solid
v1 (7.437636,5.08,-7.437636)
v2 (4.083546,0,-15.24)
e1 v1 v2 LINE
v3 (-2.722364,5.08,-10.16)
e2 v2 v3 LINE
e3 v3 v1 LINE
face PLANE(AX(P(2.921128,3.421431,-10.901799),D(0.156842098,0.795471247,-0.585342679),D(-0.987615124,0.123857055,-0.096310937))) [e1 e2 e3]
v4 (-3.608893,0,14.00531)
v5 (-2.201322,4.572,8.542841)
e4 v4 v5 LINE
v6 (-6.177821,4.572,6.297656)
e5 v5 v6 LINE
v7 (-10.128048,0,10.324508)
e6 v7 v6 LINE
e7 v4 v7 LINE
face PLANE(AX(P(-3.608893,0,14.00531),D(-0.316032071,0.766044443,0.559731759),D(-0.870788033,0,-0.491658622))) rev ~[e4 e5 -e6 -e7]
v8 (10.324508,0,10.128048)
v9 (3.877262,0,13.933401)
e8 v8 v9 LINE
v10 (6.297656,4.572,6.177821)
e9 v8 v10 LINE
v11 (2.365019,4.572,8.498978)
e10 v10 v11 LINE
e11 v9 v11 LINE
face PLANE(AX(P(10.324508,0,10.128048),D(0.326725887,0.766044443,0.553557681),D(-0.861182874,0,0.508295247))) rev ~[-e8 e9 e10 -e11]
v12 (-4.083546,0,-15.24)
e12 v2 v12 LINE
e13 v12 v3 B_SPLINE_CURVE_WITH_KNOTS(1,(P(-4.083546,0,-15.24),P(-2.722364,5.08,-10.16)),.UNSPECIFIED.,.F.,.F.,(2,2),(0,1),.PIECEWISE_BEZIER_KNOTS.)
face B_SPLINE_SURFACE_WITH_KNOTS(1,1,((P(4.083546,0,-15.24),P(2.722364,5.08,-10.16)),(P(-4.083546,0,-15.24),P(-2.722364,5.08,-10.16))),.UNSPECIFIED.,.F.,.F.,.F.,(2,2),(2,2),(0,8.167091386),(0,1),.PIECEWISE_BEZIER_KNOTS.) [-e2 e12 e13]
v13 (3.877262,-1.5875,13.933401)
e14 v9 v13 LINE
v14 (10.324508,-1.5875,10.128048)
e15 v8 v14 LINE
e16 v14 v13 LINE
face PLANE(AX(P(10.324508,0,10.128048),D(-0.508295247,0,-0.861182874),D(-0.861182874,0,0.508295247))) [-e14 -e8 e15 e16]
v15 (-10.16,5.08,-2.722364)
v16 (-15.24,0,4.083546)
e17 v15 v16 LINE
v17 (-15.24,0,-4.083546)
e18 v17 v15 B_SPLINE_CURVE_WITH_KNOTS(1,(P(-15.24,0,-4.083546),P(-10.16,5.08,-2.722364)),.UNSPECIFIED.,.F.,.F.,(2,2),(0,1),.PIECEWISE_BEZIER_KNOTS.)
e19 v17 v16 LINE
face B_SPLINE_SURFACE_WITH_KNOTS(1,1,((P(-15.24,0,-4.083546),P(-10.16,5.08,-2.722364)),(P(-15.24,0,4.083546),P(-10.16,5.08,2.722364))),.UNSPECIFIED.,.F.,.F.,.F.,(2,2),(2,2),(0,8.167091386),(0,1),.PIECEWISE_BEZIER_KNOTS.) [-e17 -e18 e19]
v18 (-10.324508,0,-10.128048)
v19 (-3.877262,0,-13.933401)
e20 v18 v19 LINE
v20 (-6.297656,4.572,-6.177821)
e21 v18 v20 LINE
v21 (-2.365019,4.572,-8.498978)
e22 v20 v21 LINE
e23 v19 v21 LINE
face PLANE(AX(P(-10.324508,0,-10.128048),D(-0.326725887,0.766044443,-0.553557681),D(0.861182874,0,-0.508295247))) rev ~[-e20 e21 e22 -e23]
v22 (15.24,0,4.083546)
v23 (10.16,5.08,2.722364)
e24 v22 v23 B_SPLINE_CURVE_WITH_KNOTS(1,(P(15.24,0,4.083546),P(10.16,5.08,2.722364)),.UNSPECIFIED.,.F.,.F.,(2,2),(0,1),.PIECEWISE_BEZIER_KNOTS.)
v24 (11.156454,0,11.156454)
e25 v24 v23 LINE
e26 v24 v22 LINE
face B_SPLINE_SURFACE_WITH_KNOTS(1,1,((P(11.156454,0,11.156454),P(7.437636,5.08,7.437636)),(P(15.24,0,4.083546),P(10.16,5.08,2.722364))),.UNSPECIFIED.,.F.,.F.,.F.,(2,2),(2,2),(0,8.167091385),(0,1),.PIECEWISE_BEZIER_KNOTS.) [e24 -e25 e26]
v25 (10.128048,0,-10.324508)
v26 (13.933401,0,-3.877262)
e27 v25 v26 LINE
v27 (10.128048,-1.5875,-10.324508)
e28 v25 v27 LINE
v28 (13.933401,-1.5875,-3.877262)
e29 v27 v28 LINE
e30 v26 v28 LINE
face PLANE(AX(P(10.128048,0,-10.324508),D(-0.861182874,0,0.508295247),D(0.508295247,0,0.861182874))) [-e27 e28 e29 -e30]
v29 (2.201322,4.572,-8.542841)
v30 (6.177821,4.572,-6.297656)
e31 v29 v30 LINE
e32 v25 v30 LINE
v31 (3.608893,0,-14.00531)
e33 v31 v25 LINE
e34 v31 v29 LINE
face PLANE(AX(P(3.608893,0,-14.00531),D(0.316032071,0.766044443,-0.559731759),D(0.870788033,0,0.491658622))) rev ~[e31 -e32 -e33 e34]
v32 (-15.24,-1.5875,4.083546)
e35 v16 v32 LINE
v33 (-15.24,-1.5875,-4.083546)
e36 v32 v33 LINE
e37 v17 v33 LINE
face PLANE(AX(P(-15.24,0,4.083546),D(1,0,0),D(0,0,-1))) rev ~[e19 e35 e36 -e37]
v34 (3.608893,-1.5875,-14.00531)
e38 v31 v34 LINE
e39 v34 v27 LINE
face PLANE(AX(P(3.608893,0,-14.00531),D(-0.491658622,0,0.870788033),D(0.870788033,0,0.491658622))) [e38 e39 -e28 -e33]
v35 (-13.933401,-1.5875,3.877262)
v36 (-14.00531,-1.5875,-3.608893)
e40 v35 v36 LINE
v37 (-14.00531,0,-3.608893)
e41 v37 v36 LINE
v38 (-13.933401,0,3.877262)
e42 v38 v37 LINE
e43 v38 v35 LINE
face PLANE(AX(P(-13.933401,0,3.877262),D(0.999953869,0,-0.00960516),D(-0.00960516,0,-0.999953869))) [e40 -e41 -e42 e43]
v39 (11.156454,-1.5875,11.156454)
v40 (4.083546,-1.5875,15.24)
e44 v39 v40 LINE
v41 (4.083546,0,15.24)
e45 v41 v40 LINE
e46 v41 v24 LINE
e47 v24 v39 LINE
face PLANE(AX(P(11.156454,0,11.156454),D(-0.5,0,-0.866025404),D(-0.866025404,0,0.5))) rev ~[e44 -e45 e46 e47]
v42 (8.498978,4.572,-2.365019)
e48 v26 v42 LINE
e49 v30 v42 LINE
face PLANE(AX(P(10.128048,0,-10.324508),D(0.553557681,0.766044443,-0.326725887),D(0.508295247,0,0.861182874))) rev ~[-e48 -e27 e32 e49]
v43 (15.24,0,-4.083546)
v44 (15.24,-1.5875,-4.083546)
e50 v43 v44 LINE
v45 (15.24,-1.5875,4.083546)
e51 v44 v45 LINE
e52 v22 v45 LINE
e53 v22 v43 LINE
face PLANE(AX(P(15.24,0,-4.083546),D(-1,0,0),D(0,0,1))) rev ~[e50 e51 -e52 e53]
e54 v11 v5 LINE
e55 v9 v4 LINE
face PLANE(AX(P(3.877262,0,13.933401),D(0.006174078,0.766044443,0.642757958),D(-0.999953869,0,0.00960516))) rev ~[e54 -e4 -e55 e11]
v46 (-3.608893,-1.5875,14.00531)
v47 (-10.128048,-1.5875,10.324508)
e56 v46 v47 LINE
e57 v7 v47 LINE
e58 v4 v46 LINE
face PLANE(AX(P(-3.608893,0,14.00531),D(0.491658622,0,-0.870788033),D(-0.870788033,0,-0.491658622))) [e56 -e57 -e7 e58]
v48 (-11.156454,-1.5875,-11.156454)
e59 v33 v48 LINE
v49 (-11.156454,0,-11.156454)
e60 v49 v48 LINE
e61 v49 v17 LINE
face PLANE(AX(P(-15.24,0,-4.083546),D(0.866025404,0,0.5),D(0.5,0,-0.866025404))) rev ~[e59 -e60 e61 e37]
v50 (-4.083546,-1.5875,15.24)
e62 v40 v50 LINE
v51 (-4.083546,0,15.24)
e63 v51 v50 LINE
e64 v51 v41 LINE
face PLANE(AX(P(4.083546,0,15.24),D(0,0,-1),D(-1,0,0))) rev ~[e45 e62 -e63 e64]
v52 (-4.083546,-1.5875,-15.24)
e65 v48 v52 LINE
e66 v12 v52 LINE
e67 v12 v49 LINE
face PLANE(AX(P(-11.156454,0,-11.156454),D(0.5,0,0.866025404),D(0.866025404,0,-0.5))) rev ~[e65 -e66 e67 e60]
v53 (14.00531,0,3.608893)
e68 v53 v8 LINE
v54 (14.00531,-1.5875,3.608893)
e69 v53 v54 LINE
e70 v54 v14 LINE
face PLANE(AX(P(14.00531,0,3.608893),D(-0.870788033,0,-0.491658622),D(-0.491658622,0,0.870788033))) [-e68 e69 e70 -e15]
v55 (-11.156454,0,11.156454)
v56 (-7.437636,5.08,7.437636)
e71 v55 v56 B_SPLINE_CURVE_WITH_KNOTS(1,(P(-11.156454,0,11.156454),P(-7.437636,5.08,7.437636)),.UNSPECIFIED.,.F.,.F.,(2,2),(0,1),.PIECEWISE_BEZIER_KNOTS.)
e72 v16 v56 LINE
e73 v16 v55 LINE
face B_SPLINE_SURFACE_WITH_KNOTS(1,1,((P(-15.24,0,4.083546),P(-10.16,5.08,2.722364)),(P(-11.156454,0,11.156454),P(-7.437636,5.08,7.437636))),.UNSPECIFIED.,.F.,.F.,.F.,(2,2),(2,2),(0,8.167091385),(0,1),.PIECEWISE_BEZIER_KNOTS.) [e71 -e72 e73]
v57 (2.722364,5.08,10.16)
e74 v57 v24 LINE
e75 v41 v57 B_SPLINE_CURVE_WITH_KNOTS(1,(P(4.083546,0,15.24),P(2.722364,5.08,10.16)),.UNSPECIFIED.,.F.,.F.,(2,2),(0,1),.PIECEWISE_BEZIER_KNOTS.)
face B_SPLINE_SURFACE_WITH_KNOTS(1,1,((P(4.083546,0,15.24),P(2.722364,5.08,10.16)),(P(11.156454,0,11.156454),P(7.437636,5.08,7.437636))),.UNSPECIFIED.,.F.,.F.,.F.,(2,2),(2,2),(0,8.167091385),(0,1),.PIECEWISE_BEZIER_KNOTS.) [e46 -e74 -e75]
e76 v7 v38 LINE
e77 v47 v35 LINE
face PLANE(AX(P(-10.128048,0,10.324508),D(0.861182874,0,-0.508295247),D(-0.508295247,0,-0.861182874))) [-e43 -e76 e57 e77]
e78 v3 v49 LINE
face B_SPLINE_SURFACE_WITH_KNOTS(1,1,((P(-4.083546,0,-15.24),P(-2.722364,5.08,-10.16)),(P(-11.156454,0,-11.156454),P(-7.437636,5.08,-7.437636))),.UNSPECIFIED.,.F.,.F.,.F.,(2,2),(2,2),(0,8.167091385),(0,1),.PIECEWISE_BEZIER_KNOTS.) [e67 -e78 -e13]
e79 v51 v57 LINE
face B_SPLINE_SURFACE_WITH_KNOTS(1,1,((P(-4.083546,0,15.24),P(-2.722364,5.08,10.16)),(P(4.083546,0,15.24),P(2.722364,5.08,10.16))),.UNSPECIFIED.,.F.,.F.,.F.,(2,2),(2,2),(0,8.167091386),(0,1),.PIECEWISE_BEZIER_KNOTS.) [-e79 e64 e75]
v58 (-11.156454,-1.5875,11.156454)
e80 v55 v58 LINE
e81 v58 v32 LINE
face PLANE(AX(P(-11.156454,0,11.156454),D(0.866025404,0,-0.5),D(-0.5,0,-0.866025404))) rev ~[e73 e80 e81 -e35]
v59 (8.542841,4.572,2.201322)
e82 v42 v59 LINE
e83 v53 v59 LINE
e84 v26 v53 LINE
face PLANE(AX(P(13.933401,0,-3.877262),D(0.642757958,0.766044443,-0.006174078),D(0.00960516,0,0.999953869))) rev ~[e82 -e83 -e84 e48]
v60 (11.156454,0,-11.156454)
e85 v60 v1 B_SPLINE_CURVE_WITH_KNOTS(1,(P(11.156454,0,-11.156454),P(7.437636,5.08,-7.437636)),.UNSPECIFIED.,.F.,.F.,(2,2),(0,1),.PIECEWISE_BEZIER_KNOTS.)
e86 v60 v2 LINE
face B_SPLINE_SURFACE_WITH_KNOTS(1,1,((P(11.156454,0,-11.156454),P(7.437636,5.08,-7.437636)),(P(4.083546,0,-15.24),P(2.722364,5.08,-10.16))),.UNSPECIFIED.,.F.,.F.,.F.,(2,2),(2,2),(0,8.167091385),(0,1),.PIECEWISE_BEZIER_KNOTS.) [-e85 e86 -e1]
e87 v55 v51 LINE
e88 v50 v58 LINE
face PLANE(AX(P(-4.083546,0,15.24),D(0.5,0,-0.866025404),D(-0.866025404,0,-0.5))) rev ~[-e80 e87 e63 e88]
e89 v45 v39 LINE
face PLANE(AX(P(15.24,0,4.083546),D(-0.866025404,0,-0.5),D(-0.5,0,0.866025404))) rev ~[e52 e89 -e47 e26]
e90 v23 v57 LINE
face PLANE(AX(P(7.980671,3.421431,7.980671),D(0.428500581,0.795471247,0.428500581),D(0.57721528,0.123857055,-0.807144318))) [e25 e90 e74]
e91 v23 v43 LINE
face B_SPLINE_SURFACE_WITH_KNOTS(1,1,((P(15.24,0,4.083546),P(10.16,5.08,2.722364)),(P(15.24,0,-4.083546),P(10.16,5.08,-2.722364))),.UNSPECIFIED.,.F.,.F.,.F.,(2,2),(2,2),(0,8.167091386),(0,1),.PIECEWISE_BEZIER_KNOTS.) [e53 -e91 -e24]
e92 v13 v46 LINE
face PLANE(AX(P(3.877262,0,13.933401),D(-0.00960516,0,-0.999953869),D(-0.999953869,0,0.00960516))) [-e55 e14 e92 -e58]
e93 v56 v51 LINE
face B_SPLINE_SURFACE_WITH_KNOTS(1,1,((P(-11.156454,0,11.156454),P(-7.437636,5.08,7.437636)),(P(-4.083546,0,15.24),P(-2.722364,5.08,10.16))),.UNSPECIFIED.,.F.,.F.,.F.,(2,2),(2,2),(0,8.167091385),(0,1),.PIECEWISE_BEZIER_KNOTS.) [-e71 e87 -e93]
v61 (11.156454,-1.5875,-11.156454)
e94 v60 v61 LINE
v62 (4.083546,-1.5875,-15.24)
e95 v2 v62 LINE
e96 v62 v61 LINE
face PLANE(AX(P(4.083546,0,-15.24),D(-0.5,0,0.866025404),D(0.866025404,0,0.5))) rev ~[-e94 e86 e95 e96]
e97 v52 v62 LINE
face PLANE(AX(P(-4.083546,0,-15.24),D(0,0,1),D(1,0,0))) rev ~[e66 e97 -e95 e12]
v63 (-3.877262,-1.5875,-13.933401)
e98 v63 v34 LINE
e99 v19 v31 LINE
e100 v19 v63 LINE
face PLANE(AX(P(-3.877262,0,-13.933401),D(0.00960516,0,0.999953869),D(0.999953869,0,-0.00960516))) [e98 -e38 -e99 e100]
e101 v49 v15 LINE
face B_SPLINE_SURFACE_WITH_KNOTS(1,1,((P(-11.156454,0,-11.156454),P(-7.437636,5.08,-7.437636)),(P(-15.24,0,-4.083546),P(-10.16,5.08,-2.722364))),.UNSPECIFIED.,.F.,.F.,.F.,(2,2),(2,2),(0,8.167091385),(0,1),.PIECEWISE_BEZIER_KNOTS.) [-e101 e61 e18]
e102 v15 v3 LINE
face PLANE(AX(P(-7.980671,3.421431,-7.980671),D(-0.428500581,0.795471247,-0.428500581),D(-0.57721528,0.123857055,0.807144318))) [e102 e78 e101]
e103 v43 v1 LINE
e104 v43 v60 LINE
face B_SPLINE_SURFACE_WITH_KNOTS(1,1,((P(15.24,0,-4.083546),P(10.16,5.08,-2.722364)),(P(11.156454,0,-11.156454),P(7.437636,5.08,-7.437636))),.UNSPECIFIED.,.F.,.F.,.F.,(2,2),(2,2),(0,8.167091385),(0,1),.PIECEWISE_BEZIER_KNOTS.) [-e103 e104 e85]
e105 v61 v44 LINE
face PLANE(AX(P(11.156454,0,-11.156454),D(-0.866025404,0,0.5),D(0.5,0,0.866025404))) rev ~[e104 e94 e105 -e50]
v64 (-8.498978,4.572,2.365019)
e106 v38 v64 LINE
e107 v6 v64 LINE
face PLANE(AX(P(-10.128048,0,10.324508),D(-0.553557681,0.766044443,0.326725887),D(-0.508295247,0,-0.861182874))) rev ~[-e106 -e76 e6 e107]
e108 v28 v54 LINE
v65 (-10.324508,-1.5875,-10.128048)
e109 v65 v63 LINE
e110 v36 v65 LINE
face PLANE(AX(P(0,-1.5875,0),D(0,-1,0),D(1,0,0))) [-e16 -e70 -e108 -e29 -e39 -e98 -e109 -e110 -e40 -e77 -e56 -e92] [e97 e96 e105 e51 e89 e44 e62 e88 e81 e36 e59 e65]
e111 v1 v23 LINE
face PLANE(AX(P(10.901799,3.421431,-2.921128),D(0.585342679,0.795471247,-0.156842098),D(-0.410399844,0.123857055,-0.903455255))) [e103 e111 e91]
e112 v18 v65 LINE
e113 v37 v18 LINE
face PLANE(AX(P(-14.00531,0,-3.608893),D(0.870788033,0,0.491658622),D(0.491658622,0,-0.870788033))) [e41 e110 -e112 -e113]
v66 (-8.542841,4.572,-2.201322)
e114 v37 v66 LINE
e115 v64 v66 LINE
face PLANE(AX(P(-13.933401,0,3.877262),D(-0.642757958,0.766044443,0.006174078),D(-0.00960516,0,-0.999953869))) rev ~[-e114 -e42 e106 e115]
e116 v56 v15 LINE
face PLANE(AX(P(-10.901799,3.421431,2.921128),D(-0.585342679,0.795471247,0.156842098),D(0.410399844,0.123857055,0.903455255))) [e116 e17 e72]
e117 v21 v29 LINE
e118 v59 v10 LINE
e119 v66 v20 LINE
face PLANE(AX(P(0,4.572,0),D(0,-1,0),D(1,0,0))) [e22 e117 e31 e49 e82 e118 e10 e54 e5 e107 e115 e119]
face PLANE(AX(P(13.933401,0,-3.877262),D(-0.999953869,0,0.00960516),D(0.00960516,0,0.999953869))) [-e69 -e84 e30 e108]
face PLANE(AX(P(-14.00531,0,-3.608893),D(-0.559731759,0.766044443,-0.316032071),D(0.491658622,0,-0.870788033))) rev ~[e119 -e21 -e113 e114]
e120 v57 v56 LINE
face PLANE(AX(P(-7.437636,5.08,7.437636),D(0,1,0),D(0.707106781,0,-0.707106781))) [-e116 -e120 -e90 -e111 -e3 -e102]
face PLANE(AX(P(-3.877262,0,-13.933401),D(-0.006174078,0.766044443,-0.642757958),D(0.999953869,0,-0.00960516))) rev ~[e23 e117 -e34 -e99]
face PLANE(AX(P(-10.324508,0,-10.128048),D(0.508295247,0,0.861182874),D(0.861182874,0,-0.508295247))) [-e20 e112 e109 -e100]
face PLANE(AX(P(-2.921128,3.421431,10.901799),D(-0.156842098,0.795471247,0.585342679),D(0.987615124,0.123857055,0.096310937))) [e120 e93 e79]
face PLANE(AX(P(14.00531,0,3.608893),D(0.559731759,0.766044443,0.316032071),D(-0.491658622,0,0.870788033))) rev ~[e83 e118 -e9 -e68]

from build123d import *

# Parameters (mm, degrees)
BOSS_EXTRUDE2_DEPTH = 5.08
BOSS_EXTRUDE2_TAPER = 45
CUT_EXTRUDE1_DEPTH  = 28.788825452
CIRPATTERN1_COUNT   = 6
CUT_EXTRUDE2_DEPTH  = 4.572
CUT_EXTRUDE2_DRAFT  = -50
BOSS_EXTRUDE3_DEPTH = 1.5875


with BuildPart() as part:
    # Sketch2 → Boss-Extrude2 (new body)
    with BuildSketch(Plane(origin=(0, 0, 0), x_dir=(1, 0, 0), z_dir=(0, 1, 0))):
        Polygon((-11.156454307, -11.156454307), (-4.083545693, -15.24), (4.083545693, -15.24), (11.156454307, -11.156454307), (15.24, -4.083545693), (15.24, 4.083545693), (11.156454307, 11.156454307), (4.083545693, 15.24), (-4.083545693, 15.24), (-11.156454307, 11.156454307), (-15.24, 4.083545693), (-15.24, -4.083545693), align=None)
    extrude(amount=BOSS_EXTRUDE2_DEPTH, taper=BOSS_EXTRUDE2_TAPER)

    # Sketch3 → Cut-Extrude1 (cut, through all)
    with BuildSketch(Plane(origin=(-1.499582091, 7.605575605, 5.596516554), x_dir=(-0.9876151240341646, -0.12385705516936496, -0.09631093740460966), z_dir=(0.15684209814252395, -0.795471246716067, -0.5853426790336042))):
        Polygon((-4.296360621, -5.154612088), (6.000002448, -3.004781355), (2.5651928, -12.285691151), align=None)
    cut_extrude1 = extrude(amount=-CUT_EXTRUDE1_DEPTH, mode=Mode.SUBTRACT)

    # CirPattern1: Cut-Extrude1 ×6 about axis
    cirpattern1_axis = Axis((0, 0, 0), (0, 1, 0))
    for i in range(1, CIRPATTERN1_COUNT):
        add(cut_extrude1.rotate(cirpattern1_axis, i * 360 / CIRPATTERN1_COUNT), mode=Mode.SUBTRACT)


with BuildPart() as cut_extrude2_tool:
    # Sketch5 → Cut-Extrude2 (with draft: the straight prism first)
    with BuildSketch(Plane.XZ):
        Polygon((13.933401039, -3.877261622), (14.005310072, 3.608893457), (10.324507581, 10.12804845), (3.877261622, 13.933401039), (-3.608893457, 14.005310072), (-10.12804845, 10.324507581), (-13.933401039, 3.877261622), (-14.005310072, -3.608893457), (-10.324507581, -10.12804845), (-3.877261622, -13.933401039), (3.608893457, -14.005310072), (10.12804845, -10.324507581), align=None)
    extrude(amount=-CUT_EXTRUDE2_DEPTH)
    # Cut-Extrude2: the draft: its side faces are tilted about the plane it starts from
    cut_extrude2_sides = [cut_extrude2_tool.faces().sort_by_distance(p)[0] for p in [
        (13.969355555, 2.286, -0.134184083),
        (12.164908827, 2.286, 6.868470953),
        (7.100884602, 2.286, 12.030724744),
        (0.134184083, 2.286, 13.969355555),
        (-6.868470953, 2.286, 12.164908827),
        (-12.030724744, 2.286, 7.100884602),
        (-13.969355555, 2.286, 0.134184083),
        (-12.164908827, 2.286, -6.868470953),
        (-7.100884602, 2.286, -12.030724744),
        (-0.134184083, 2.286, -13.969355555),
        (6.868470953, 2.286, -12.164908827),
        (12.030724744, 2.286, -7.100884602),
    ]]
    draft(cut_extrude2_sides, Plane.XZ, CUT_EXTRUDE2_DRAFT)


with BuildPart() as part_1:
    add(part.part)

    # Cut-Extrude2: cut by cut_extrude2_tool
    add(cut_extrude2_tool.part, mode=Mode.SUBTRACT)

    # Sketch8 → Boss-Extrude3 (add)
    with BuildSketch(Plane.XZ):
        Polygon((-15.24, -4.083545693), (-11.156454307, -11.156454307), (-4.083545693, -15.24), (4.083545693, -15.24), (11.156454307, -11.156454307), (15.24, -4.083545693), (15.24, 4.083545693), (11.156454307, 11.156454307), (4.083545693, 15.24), (-4.083545693, 15.24), (-11.156454307, 11.156454307), (-15.24, 4.083545693), align=None)
        Polygon((-10.12804845, 10.324507581), (-13.933401039, 3.877261622), (-14.005310072, -3.608893457), (-10.324507581, -10.12804845), (-3.877261622, -13.933401039), (3.608893457, -14.005310072), (10.12804845, -10.324507581), (13.933401039, -3.877261622), (14.005310072, 3.608893457), (10.324507581, 10.12804845), (3.877261622, 13.933401039), (-3.608893457, 14.005310072), align=None, mode=Mode.SUBTRACT)
    extrude(amount=BOSS_EXTRUDE3_DEPTH)


solid = part_1.part
